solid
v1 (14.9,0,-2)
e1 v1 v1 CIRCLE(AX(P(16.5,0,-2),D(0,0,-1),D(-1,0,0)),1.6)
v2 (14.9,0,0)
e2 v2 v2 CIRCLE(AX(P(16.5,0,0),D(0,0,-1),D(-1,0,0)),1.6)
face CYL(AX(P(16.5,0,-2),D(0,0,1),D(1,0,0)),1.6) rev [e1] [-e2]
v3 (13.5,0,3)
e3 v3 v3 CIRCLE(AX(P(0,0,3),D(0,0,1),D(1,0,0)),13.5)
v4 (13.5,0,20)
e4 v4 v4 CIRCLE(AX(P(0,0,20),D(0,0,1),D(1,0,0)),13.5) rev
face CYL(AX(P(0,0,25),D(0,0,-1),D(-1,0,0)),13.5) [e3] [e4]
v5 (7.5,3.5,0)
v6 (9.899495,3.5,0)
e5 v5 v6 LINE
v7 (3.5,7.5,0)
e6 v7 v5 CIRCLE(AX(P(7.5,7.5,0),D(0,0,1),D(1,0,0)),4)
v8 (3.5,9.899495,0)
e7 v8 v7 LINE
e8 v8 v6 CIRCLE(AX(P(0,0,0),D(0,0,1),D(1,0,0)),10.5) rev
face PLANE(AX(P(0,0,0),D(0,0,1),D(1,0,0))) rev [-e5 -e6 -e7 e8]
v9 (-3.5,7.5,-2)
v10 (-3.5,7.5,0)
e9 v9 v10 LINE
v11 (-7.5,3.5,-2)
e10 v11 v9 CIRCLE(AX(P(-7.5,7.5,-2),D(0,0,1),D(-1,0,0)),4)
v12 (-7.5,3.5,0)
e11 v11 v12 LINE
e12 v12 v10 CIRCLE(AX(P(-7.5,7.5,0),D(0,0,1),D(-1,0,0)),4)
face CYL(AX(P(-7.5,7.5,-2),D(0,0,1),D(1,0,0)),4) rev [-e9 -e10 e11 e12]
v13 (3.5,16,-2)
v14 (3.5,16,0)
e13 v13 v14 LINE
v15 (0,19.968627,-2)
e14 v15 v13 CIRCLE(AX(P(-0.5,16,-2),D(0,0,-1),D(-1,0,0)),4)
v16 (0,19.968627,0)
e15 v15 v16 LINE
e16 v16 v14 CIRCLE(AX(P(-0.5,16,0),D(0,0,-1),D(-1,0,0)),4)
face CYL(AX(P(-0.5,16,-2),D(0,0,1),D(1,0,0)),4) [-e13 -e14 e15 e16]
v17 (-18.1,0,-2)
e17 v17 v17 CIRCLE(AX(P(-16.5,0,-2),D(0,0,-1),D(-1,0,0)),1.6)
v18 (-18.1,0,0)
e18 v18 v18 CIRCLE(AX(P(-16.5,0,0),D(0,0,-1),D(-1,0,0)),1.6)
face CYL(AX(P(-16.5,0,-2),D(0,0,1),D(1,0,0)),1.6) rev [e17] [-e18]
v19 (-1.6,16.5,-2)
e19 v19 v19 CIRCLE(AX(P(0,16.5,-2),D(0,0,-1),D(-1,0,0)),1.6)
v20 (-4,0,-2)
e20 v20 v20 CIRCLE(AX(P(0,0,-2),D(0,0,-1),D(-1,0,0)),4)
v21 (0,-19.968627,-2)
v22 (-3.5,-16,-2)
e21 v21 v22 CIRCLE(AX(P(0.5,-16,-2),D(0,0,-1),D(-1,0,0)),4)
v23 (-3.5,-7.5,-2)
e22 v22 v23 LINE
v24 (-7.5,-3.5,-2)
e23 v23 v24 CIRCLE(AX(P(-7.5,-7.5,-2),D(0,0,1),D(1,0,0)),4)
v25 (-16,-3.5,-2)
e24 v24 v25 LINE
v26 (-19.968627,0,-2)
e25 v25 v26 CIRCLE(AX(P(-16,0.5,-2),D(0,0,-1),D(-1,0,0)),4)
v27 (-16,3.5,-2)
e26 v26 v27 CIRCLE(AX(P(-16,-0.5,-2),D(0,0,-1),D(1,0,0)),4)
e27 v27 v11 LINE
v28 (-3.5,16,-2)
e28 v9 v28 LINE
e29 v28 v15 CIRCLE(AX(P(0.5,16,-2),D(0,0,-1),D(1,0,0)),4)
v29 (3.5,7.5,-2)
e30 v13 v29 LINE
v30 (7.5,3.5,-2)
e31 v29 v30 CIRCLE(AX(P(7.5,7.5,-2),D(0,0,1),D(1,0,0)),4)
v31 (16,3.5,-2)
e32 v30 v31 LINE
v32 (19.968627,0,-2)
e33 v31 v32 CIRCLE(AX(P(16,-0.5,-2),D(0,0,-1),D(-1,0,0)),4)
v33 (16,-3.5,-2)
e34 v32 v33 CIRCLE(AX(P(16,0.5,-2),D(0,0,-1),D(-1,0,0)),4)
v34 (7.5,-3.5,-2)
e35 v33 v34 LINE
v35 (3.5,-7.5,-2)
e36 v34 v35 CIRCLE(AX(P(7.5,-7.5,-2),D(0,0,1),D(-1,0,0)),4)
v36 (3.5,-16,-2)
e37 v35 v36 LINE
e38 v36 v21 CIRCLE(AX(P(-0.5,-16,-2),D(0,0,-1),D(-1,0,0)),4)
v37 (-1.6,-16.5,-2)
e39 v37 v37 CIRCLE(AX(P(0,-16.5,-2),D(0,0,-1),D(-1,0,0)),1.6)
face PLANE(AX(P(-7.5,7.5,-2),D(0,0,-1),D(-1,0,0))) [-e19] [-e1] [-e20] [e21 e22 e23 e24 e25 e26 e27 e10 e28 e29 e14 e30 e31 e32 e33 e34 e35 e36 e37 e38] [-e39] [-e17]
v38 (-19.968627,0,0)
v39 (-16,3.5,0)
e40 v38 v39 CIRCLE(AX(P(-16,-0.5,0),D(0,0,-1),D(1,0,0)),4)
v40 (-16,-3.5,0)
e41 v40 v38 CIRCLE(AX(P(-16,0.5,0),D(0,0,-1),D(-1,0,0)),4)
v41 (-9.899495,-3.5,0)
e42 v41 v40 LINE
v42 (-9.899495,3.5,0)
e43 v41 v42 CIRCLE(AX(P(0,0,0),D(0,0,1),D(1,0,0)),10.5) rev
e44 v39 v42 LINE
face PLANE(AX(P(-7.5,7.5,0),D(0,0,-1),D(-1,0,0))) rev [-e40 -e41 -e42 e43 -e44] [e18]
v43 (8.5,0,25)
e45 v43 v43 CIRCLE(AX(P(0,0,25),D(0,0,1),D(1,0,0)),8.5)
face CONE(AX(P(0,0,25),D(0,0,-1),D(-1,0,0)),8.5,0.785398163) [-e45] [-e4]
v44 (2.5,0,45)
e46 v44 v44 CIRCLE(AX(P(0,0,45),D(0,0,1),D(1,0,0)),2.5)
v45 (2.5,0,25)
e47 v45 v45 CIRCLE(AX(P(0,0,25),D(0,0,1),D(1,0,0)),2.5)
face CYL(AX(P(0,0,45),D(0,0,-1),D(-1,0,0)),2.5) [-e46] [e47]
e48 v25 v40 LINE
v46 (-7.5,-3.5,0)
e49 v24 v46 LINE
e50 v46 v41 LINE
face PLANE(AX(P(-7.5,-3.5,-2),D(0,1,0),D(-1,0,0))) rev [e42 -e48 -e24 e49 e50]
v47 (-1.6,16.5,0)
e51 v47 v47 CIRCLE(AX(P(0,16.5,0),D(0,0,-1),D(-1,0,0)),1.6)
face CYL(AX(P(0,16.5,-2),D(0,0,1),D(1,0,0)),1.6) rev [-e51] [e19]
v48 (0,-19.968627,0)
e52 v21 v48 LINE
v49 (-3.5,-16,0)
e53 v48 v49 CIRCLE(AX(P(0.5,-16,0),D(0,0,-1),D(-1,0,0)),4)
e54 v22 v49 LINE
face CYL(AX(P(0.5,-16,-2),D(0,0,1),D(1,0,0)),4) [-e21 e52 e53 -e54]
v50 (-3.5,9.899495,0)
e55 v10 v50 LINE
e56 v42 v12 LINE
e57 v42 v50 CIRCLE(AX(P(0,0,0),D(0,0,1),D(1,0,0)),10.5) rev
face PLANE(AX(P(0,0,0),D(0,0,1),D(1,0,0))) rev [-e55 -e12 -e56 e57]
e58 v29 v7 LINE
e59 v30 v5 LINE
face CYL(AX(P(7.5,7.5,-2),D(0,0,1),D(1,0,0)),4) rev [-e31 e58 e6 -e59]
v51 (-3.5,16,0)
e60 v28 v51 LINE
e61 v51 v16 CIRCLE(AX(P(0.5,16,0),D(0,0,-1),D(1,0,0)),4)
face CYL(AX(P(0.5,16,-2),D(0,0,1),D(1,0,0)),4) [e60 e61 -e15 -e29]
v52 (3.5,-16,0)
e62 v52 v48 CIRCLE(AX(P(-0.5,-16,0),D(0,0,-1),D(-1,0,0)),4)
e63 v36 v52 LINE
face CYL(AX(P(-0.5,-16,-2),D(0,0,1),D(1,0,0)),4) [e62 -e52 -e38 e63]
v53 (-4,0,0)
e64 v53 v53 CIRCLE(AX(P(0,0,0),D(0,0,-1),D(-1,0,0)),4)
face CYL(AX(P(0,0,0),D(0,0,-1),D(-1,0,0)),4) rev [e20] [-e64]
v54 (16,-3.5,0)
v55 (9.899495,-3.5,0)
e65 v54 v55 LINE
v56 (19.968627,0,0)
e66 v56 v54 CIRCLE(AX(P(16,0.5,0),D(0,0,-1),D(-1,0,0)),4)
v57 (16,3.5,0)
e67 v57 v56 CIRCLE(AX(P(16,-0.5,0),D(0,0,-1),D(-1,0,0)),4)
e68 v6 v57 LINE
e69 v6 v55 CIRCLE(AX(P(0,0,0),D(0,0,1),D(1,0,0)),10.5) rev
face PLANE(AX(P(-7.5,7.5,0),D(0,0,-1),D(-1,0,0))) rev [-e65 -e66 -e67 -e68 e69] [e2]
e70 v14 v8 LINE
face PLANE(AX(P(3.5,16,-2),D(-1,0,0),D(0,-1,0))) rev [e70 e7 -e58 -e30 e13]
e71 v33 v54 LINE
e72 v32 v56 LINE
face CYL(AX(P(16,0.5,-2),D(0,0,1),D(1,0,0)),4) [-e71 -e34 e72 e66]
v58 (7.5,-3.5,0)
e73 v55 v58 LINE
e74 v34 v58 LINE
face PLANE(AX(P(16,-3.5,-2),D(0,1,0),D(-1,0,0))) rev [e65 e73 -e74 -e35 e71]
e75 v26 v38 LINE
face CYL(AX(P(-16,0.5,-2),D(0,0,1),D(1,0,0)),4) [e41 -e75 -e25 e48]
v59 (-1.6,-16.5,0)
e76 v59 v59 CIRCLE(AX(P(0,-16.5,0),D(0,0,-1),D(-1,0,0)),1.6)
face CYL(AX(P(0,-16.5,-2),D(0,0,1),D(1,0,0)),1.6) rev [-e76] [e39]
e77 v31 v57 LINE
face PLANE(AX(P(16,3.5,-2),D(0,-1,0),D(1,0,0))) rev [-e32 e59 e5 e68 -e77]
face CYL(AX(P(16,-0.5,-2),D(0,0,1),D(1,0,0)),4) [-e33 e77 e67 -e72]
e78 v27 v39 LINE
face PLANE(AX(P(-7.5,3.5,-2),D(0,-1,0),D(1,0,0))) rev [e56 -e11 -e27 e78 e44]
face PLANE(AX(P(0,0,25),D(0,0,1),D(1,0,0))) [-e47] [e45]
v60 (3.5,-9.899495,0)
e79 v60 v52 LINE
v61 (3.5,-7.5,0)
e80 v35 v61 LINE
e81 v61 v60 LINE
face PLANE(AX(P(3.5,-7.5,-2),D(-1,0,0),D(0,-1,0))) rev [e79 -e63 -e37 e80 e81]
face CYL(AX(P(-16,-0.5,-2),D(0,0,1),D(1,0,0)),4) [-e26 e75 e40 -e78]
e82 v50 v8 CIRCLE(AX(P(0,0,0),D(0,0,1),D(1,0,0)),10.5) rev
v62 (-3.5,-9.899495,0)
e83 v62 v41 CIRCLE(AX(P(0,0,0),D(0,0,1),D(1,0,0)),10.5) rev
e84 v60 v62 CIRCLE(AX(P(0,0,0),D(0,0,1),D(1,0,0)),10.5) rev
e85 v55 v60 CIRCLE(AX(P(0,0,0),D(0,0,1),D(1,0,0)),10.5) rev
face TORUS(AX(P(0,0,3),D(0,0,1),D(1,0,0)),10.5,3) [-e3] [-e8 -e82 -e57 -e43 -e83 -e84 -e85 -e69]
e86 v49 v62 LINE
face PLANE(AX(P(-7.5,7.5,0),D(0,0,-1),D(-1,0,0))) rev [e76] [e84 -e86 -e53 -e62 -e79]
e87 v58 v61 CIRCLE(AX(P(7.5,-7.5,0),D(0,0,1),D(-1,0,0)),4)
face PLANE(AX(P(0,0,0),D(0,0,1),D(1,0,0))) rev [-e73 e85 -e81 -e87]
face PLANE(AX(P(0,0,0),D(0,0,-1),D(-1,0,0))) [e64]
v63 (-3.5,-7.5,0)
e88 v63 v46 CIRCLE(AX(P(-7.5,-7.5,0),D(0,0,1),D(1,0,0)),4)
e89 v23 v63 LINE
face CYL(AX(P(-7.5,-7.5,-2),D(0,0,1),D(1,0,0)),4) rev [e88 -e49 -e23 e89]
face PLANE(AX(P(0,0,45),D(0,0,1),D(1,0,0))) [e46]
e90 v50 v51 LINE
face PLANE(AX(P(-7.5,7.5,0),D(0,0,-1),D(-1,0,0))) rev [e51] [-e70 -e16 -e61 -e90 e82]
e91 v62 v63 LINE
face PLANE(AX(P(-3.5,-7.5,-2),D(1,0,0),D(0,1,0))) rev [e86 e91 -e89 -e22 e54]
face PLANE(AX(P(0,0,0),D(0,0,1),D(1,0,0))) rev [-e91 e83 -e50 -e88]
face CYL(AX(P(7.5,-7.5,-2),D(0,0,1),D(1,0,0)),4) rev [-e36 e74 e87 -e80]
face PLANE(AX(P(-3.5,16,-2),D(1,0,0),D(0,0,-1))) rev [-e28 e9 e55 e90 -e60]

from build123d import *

# Parameters (mm, degrees)
SKETCH1_R           = 13.5
BOSS_EXTRUDE1_DEPTH = 25
SKETCH2_R           = 2.5
BOSS_EXTRUDE2_DEPTH = 20
FILLET1_R           = 3
CHAMFER1_SIZE       = 5
SKETCH3_R           = 1.6
BOSS_EXTRUDE3_DEPTH = 2
SKETCH4_R           = 4
CUT_EXTRUDE1_DEPTH  = 2


with BuildPart() as part:
    # Sketch1 → Boss-Extrude1 (new body)
    with BuildSketch(Plane.XY):
        Circle(SKETCH1_R)
    extrude(amount=BOSS_EXTRUDE1_DEPTH)

    # Sketch2 → Boss-Extrude2 (add)
    with BuildSketch(Plane.XY.offset(25)):
        Circle(SKETCH2_R)
    extrude(amount=BOSS_EXTRUDE2_DEPTH)

    # Fillet1
    fillet1_edges = [part.edges().sort_by_distance(p)[0] for p in [
        (-13.5, 0, 0),
    ]]
    fillet(fillet1_edges, radius=FILLET1_R)

    # Chamfer1
    chamfer1_edges = [part.edges().sort_by_distance(p)[0] for p in [
        (-13.5, 0, 25),
    ]]
    chamfer(chamfer1_edges, length=CHAMFER1_SIZE)

    # Sketch3 → Boss-Extrude3 (add)
    with BuildSketch(Plane(origin=(0, 0, 0), x_dir=(-1, 0, 0), z_dir=(0, 0, -1))):
        with BuildLine():
            Line((-3.5, -7.5), (-3.5, -16))
            ThreePointArc((-3.5, -16), (-2.5, -18.645751311), (0, -19.968626967))
            ThreePointArc((0, -19.968626967), (2.5, -18.645751311), (3.5, -16))
            Line((3.5, -16), (3.5, -7.5))
            ThreePointArc((3.5, -7.5), (4.671572875, -4.671572875), (7.5, -3.5))
            Line((7.5, -3.5), (16, -3.5))
            ThreePointArc((16, -3.5), (18.645751311, -2.5), (19.968626967, 0))
            ThreePointArc((19.968626967, 0), (18.645751311, 2.5), (16, 3.5))
            Line((16, 3.5), (7.5, 3.5))
            ThreePointArc((7.5, 3.5), (4.671572875, 4.671572875), (3.5, 7.5))
            Line((3.5, 7.5), (3.5, 16))
            ThreePointArc((3.5, 16), (2.5, 18.645751311), (0, 19.968626967))
            ThreePointArc((0, 19.968626967), (-2.5, 18.645751311), (-3.5, 16))
            Line((-3.5, 16), (-3.5, 7.5))
            ThreePointArc((-3.5, 7.5), (-4.671572875, 4.671572875), (-7.5, 3.5))
            Line((-7.5, 3.5), (-16, 3.5))
            ThreePointArc((-16, 3.5), (-18.645751311, 2.5), (-19.968626967, 0))
            ThreePointArc((-19.968626967, 0), (-18.645751311, -2.5), (-16, -3.5))
            Line((-16, -3.5), (-7.5, -3.5))
            ThreePointArc((-7.5, -3.5), (-4.671572875, -4.671572875), (-3.5, -7.5))
        make_face()
        with Locations((-16.5, 0)):
            Circle(SKETCH3_R, mode=Mode.SUBTRACT)
        with Locations((0, 16.5)):
            Circle(SKETCH3_R, mode=Mode.SUBTRACT)
        with Locations((16.5, 0)):
            Circle(SKETCH3_R, mode=Mode.SUBTRACT)
        with Locations((0, -16.5)):
            Circle(SKETCH3_R, mode=Mode.SUBTRACT)
    extrude(amount=BOSS_EXTRUDE3_DEPTH)

    # Sketch4 → Cut-Extrude1 (cut)
    with BuildSketch(Plane(origin=(0, 0, -2), x_dir=(-1, 0, 0), z_dir=(0, 0, -1))):
        Circle(SKETCH4_R)
    extrude(amount=-CUT_EXTRUDE1_DEPTH, mode=Mode.SUBTRACT)


solid = part.part
